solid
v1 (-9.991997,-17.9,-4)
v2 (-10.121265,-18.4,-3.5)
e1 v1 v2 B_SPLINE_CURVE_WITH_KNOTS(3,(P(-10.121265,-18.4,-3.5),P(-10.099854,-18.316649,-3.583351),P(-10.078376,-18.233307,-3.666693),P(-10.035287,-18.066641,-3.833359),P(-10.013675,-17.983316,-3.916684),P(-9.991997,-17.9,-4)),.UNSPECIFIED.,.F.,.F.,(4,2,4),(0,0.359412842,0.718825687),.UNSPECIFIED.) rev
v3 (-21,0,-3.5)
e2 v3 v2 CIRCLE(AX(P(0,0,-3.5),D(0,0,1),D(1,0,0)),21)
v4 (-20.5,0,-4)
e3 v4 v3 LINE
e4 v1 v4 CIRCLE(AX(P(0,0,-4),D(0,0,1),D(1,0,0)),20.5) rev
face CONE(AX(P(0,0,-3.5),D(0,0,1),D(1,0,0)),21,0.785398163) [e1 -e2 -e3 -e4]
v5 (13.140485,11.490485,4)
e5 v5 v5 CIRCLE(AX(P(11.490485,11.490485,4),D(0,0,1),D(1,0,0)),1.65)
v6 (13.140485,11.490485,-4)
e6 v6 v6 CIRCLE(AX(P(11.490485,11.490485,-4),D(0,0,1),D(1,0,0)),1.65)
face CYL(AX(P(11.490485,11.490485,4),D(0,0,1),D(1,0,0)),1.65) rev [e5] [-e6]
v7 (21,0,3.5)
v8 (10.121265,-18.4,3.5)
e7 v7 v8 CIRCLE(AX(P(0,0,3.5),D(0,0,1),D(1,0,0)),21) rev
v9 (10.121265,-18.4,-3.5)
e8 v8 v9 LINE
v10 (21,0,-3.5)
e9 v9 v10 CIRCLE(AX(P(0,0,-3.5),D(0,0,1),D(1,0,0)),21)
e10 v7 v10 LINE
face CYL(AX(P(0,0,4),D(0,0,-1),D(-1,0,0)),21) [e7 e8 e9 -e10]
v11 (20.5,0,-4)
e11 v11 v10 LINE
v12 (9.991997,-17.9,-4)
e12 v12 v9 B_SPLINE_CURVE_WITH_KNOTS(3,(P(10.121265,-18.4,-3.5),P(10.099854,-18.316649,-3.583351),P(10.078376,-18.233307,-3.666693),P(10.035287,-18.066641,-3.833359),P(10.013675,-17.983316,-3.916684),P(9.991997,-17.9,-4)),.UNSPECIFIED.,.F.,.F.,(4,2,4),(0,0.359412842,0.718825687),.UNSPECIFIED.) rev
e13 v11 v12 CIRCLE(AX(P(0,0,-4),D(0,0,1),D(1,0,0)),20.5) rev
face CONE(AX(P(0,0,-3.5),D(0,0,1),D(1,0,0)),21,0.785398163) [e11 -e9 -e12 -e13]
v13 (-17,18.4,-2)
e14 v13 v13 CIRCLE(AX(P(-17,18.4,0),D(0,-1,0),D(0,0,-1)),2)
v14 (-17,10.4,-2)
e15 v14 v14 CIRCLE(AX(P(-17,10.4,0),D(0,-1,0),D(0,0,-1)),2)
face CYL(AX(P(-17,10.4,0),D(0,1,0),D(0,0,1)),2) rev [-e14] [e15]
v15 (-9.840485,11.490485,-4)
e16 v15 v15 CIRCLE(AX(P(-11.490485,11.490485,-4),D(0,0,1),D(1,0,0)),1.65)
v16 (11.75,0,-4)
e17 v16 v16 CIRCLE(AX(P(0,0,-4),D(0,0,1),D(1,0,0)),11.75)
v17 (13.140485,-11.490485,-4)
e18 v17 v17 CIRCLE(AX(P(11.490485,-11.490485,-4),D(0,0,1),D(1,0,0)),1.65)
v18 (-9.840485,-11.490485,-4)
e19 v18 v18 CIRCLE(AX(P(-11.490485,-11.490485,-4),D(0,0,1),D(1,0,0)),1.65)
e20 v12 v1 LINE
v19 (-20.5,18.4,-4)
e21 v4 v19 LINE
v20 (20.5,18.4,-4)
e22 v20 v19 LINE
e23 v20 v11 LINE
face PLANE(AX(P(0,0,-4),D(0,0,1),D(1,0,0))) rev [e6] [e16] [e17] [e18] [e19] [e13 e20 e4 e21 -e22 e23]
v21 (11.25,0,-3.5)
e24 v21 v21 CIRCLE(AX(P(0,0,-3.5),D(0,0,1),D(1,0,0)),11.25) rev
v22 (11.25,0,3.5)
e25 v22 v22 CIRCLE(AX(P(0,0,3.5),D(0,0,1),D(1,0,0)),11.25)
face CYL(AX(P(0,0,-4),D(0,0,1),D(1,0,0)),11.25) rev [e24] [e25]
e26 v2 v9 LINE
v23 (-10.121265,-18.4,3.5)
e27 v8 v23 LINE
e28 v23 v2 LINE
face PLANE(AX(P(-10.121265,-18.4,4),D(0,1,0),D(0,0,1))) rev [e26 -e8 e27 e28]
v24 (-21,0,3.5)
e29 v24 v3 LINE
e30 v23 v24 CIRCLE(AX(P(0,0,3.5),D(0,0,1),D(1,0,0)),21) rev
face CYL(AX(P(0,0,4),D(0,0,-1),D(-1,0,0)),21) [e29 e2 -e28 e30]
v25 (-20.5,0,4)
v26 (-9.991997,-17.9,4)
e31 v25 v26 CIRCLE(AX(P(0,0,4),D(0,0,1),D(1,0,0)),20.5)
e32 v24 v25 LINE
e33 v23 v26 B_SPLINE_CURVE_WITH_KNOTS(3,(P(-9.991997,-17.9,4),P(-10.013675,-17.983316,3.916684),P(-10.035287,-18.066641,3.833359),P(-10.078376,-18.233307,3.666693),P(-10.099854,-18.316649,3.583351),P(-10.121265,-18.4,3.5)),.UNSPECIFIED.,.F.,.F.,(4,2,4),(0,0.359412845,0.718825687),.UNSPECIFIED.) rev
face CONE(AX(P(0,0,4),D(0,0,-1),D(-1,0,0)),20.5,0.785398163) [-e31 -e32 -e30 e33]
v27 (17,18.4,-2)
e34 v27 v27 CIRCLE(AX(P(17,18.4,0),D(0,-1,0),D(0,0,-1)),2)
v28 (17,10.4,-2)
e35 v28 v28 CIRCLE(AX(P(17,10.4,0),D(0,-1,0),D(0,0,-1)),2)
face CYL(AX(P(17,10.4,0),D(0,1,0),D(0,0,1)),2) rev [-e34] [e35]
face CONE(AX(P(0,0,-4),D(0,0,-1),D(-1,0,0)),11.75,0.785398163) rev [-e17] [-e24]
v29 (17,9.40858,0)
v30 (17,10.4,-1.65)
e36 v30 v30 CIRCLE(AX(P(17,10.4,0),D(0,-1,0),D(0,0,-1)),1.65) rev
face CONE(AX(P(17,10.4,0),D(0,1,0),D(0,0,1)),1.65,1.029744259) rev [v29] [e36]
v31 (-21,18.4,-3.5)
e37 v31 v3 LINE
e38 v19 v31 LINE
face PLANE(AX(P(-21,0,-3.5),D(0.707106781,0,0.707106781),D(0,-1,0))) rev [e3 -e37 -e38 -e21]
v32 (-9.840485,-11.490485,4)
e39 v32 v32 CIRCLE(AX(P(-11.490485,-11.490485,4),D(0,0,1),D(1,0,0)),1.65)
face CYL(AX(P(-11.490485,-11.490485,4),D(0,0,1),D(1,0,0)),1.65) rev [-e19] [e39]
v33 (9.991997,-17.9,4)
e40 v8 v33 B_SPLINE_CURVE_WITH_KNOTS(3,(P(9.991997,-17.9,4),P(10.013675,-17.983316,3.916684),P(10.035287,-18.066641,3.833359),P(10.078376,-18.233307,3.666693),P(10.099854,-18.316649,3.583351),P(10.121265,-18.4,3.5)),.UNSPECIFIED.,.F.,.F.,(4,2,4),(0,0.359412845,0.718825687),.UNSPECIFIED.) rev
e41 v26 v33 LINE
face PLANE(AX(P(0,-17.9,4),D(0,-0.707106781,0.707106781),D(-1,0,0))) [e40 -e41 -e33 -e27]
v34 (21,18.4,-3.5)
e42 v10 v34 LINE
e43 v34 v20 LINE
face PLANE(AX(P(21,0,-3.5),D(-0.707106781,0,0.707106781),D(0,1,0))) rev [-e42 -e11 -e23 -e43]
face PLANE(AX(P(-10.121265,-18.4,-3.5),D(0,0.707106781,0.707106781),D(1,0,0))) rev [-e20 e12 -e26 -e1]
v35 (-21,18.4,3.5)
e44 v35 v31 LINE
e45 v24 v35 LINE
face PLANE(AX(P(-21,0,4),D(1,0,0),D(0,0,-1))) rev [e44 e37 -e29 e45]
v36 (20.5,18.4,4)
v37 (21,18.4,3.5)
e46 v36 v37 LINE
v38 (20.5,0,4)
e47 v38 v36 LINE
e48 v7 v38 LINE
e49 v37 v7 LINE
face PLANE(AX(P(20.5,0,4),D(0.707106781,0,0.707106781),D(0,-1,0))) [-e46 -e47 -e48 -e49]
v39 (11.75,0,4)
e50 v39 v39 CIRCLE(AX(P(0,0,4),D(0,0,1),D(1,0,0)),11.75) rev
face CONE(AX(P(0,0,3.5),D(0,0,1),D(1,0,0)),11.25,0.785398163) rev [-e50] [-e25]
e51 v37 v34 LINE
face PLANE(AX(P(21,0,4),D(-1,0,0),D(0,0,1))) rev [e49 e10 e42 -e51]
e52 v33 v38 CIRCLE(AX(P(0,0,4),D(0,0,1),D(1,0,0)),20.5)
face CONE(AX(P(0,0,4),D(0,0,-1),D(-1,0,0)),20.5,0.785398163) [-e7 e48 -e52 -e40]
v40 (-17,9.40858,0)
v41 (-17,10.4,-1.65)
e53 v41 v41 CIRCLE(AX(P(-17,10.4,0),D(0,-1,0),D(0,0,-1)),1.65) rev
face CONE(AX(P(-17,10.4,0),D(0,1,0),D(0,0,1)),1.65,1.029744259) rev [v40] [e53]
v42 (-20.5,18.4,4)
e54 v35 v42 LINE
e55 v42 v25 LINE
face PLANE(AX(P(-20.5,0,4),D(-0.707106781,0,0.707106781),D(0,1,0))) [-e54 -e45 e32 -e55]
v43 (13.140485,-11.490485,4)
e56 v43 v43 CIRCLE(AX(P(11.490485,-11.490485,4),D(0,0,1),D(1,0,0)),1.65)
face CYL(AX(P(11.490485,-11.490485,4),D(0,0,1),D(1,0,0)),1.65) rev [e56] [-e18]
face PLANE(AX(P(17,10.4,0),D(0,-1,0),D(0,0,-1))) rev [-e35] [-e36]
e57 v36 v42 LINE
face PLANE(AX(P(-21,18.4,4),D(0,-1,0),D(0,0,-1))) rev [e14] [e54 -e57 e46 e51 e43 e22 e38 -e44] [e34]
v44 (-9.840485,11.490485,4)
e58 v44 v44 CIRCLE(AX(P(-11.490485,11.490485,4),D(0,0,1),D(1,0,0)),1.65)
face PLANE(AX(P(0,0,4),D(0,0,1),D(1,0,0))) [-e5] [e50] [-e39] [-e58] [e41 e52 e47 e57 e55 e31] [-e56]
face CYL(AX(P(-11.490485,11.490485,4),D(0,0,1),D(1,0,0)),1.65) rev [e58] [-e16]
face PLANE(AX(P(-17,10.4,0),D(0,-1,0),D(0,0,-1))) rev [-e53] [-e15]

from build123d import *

# Parameters (mm, degrees)
BOSS_EXTRUDE1_DEPTH       = 4
SKETCH2_R                 = 11.25
CUT_EXTRUDE1_DEPTH        = 9
M4X0_7_TAPPED_HOLE3_D     = 3.3
M4X0_7_TAPPED_HOLE1_D     = 3.3
M4X0_7_TAPPED_HOLE1_DEPTH = 8
M4X0_7_TAPPED_HOLE1_TIP   = 0.991420021
SKETCH6_R                 = 2
CUT_EXTRUDE3_DEPTH        = 8
CHAMFER1_SIZE             = 0.5


with BuildPart() as part:
    # Sketch1 → Boss-Extrude1 (new body, symmetric)
    with BuildSketch(Plane.XY):
        with BuildLine():
            Line((21, 0), (21, 18.4))
            Line((21, 18.4), (-21, 18.4))
            Line((-21, 18.4), (-21, 0))
            ThreePointArc((-21, 0), (-18.076871405, -10.687690125), (-10.121264743, -18.4))
            Line((-10.121264743, -18.4), (10.121264743, -18.4))
            ThreePointArc((10.121264743, -18.4), (18.076871405, -10.687690125), (21, 0))
        make_face()
    extrude(amount=BOSS_EXTRUDE1_DEPTH, both=True)

    # Sketch2 → Cut-Extrude1 (cut, through all)
    with BuildSketch(Plane.XY.offset(4)):
        Circle(SKETCH2_R)
    extrude(amount=-CUT_EXTRUDE1_DEPTH, mode=Mode.SUBTRACT)

    # M4x0.7 Tapped Hole3 (through all)
    with Locations(Plane.XY.offset(4)):
        with Locations((-11.490485194, 11.490485194), (11.490485194, 11.490485194), (11.490485194, -11.490485194), (-11.490485194, -11.490485194)):
            Hole(M4X0_7_TAPPED_HOLE3_D / 2)

    # M4x0.7 Tapped Hole1
    with Locations(Plane(origin=(0, 18.4, 0), x_dir=(1, 0, 0), z_dir=(0, 1, 0))):
        with Locations((-17, 0), (17, 0)):
            Hole(M4X0_7_TAPPED_HOLE1_D / 2, depth=M4X0_7_TAPPED_HOLE1_DEPTH)
            with Locations((0, 0, -(M4X0_7_TAPPED_HOLE1_DEPTH + M4X0_7_TAPPED_HOLE1_TIP / 2))):  # 118° drill point
                Cone(0, M4X0_7_TAPPED_HOLE1_D / 2, M4X0_7_TAPPED_HOLE1_TIP, mode=Mode.SUBTRACT)

    # Sketch6 → Cut-Extrude3 (cut)
    with BuildSketch(Plane(origin=(-3.375, 18.4, 0), x_dir=(0, 0, -1), z_dir=(0, -1, 0))):
        with Locations((0, -13.625)):
            Circle(SKETCH6_R)
        with Locations((0, 20.375)):
            Circle(SKETCH6_R)
    extrude(amount=CUT_EXTRUDE3_DEPTH, mode=Mode.SUBTRACT)

    # Chamfer1
    chamfer1_edges = [part.edges().sort_by_distance(p)[0] for p in [
        (-21, 9.2, 4),
        (-18.076871405, -10.687690125, 4),
        (0, -18.4, 4),
        (-11.25, 0, -4),
        (-11.25, 0, 4),
        (18.076871405, -10.687690125, 4),
        (0, -18.4, -4),
        (-18.076871405, -10.687690125, -4),
        (-21, 9.2, -4),
        (21, 9.2, 4),
        (21, 9.2, -4),
        (18.076871405, -10.687690125, -4),
    ]]
    chamfer(chamfer1_edges, length=CHAMFER1_SIZE)


solid = part.part
